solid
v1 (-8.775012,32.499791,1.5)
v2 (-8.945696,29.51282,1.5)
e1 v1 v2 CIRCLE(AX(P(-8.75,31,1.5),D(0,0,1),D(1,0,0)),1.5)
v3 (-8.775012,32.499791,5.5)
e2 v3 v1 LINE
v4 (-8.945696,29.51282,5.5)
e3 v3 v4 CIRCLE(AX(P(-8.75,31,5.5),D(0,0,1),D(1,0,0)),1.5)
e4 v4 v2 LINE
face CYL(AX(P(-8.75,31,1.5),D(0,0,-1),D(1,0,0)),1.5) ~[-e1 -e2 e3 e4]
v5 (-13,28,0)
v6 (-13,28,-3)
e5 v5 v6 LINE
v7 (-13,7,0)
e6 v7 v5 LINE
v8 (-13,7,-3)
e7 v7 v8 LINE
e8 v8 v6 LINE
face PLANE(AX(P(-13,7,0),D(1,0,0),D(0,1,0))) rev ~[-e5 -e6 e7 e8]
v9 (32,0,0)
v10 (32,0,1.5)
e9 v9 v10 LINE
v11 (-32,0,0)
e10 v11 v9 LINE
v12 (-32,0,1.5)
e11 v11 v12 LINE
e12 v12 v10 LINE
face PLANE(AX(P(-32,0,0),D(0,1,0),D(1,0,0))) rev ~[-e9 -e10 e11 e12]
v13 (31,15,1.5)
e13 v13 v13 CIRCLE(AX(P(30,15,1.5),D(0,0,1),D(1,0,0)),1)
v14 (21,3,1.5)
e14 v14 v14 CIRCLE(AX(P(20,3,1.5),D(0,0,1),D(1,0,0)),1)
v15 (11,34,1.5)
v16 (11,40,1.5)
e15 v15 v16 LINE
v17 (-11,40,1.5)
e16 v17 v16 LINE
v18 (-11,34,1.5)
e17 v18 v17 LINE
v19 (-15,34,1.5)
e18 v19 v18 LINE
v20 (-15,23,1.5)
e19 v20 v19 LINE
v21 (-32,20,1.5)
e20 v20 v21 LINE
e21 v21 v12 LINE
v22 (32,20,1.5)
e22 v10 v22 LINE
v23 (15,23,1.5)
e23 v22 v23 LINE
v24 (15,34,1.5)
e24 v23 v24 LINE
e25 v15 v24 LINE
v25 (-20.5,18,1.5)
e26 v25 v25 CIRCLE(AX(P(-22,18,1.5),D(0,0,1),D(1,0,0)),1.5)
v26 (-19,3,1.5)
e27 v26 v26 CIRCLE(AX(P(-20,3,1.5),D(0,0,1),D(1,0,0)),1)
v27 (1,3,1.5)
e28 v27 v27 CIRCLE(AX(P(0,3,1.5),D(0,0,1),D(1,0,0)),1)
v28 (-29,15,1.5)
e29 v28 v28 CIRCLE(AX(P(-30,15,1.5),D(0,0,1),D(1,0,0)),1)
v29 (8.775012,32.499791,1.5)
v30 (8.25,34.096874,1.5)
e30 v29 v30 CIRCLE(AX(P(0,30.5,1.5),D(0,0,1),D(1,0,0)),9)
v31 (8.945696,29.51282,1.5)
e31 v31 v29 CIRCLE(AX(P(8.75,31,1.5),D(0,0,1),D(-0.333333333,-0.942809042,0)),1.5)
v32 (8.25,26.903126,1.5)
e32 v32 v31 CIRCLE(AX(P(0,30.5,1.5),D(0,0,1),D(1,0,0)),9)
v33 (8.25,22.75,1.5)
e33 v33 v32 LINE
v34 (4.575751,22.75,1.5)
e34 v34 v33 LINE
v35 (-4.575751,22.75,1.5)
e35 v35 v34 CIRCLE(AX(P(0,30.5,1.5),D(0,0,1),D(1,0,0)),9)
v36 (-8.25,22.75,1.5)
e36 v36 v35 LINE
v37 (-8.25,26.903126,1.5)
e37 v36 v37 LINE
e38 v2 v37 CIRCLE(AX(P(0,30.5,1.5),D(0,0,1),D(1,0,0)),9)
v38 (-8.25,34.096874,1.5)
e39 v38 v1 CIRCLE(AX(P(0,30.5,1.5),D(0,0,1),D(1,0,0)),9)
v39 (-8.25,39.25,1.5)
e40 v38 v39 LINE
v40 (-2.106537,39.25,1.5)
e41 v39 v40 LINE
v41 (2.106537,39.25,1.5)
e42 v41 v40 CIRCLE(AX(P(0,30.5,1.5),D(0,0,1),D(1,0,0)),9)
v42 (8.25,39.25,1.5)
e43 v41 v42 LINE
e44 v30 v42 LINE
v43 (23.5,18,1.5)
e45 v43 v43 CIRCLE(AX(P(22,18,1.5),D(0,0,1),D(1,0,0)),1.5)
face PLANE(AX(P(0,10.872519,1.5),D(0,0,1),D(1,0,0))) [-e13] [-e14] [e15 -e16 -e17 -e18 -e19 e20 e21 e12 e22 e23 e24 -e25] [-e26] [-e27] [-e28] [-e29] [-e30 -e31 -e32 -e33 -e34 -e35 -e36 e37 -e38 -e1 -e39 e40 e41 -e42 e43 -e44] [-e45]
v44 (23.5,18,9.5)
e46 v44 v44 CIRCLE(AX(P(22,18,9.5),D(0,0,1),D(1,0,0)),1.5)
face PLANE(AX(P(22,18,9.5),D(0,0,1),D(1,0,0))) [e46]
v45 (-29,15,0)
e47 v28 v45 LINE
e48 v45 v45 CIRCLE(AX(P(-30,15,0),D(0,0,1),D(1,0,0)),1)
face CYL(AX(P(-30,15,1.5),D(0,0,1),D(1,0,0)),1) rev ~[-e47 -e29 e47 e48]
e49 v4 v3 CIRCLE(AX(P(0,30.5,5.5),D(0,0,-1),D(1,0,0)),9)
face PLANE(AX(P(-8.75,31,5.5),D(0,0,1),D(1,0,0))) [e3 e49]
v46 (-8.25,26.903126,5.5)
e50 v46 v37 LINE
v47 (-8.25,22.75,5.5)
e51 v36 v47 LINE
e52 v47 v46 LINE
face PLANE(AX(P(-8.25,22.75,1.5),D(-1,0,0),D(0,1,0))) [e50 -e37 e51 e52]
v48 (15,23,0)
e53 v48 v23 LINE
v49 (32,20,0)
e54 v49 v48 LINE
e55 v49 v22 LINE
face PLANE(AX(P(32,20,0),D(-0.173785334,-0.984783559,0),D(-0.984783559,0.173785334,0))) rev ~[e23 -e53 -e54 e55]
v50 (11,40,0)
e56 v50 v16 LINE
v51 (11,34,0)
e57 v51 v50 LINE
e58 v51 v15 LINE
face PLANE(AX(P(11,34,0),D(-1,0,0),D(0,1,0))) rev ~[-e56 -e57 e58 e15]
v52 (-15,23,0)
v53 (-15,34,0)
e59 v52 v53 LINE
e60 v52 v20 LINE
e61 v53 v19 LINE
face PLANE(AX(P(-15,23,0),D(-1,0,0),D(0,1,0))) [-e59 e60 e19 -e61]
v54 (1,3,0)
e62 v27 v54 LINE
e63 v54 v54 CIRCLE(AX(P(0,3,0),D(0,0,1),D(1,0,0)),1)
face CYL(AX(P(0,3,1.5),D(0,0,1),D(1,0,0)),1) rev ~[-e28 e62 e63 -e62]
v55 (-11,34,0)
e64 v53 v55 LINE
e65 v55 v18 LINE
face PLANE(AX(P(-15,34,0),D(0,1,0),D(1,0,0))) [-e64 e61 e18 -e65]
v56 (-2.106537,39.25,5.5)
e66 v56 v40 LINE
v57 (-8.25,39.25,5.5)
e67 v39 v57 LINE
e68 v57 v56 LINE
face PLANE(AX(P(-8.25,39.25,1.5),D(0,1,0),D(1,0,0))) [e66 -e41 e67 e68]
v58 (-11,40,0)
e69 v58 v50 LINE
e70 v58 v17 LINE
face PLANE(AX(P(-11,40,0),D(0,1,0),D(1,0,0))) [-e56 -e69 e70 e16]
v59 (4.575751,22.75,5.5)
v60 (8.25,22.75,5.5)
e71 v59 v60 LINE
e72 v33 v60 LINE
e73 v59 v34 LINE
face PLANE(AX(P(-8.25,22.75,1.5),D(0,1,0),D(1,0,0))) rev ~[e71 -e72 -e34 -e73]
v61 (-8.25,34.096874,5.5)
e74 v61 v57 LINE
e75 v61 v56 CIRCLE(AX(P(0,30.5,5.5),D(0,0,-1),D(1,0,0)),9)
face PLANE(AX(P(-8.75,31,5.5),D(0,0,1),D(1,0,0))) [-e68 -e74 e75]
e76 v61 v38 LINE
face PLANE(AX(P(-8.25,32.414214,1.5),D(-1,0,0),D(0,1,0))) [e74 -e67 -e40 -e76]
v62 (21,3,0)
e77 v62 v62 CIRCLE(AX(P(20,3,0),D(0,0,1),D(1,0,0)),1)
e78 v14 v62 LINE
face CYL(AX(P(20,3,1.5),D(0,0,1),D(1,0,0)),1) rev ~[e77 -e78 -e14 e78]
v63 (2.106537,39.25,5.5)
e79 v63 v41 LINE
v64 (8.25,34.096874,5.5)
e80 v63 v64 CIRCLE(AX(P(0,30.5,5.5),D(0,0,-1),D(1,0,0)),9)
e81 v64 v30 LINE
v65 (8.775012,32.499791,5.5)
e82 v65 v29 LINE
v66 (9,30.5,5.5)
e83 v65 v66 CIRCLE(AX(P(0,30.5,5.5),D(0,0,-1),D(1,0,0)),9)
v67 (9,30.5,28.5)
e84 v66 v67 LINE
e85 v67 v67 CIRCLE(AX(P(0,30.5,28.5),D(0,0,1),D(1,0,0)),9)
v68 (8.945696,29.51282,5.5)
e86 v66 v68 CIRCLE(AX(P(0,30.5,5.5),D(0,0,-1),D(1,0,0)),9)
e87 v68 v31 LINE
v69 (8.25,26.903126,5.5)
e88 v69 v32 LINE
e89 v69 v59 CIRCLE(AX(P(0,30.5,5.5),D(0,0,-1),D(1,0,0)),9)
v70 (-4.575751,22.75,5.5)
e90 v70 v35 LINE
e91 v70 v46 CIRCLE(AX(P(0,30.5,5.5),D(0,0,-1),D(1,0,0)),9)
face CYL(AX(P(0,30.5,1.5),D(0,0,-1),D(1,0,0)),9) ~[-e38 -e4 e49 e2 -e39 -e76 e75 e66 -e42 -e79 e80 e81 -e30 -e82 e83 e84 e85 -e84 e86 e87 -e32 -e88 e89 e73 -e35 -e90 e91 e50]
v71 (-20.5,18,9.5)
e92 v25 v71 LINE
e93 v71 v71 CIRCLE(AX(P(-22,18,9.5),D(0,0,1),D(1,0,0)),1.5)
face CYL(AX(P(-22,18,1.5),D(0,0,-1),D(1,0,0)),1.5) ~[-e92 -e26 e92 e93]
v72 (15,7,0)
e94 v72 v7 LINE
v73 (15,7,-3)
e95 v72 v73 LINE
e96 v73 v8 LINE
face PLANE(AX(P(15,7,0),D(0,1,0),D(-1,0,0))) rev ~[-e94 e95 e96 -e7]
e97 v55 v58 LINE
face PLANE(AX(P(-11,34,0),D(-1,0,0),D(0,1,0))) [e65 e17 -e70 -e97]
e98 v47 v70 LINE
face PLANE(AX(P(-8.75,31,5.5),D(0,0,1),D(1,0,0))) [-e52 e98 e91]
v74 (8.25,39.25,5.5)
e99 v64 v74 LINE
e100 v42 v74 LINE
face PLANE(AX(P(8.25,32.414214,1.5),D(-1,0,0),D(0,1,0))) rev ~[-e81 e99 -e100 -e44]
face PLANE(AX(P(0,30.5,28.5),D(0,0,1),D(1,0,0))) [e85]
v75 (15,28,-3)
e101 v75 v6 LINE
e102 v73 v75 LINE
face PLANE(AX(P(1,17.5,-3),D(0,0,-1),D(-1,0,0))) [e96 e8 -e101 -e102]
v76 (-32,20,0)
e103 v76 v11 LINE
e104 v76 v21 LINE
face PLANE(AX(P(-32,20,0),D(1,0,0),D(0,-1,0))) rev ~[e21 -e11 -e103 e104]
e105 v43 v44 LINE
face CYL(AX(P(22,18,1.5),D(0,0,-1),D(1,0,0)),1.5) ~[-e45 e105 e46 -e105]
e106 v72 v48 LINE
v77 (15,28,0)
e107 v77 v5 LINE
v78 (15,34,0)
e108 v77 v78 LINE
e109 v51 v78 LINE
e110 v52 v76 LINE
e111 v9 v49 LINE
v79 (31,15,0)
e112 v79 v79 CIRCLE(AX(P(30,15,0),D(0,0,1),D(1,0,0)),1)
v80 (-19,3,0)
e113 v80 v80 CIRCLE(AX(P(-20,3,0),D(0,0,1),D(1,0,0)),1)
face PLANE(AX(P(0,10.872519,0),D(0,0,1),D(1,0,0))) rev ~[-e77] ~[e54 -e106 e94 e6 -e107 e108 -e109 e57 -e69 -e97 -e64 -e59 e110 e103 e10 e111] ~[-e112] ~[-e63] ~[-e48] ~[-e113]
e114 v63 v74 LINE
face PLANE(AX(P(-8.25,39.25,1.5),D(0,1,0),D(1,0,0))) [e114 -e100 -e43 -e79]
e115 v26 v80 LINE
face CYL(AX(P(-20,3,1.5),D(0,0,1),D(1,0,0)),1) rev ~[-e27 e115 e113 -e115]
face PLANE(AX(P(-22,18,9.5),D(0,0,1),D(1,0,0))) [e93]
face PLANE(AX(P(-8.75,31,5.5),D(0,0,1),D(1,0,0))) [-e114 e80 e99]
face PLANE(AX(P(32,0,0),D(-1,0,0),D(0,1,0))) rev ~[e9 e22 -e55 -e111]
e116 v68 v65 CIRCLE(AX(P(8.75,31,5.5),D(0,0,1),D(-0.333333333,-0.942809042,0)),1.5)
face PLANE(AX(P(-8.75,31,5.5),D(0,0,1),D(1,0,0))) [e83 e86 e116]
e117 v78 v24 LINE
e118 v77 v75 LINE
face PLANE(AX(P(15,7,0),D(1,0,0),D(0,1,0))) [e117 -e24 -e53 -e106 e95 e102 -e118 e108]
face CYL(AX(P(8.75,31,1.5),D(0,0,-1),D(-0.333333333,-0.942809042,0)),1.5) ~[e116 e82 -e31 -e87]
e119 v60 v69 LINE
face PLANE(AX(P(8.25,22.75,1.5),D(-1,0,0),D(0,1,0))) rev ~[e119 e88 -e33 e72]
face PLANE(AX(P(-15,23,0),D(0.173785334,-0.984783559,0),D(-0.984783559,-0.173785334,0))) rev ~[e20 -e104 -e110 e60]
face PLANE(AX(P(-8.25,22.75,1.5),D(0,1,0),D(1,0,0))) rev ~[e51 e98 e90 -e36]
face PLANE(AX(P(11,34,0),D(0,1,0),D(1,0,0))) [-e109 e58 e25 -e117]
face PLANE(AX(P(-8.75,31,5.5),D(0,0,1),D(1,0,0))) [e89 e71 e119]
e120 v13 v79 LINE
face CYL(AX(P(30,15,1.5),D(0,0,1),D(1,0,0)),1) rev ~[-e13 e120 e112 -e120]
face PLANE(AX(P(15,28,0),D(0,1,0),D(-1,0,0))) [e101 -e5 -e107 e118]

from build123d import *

# Parameters (mm, degrees)
SKETCH1_W           = 30
SKETCH1_H           = 11
SKETCH1_W_2         = 22
SKETCH1_H_2         = 6
BOSS_EXTRUDE1_DEPTH = 1.5
SKETCH2_R           = 1
CUT_EXTRUDE1_DEPTH  = 5
SKETCH3_R           = 9
BOSS_EXTRUDE2_DEPTH = 27
SKETCH5_W           = 28
SKETCH5_H           = 21
BOSS_EXTRUDE3_DEPTH = 3
SKETCH6_R           = 1.5
BOSS_EXTRUDE4_DEPTH = 8
SKETCH7_R           = 1.5
SKETCH7_W           = 16.5
SKETCH7_H           = 16.5
BOSS_EXTRUDE5_DEPTH = 4


with BuildPart() as part:
    # Sketch1 → Boss-Extrude1 (new body)
    with BuildSketch(Plane.XY):
        Polygon((32, 0), (32, 20), (15, 23), (-15, 23), (-32, 20), (-32, 0), align=None)
        with Locations((0, 28.5)):
            Rectangle(SKETCH1_W, SKETCH1_H)
        with Locations((0, 37)):
            Rectangle(SKETCH1_W_2, SKETCH1_H_2)
    extrude(amount=BOSS_EXTRUDE1_DEPTH)

    # Sketch2 → Cut-Extrude1 (cut)
    with BuildSketch(Plane.XY.offset(1.5)):
        with Locations((20, 3)):
            Circle(SKETCH2_R)
        with Locations((0, 3)):
            Circle(SKETCH2_R)
        with Locations((-20, 3)):
            Circle(SKETCH2_R)
        with Locations((-30, 15)):
            Circle(SKETCH2_R)
        with Locations((30, 15)):
            Circle(SKETCH2_R)
    extrude(amount=-CUT_EXTRUDE1_DEPTH, mode=Mode.SUBTRACT)

    # Sketch3 → Boss-Extrude2 (add)
    with BuildSketch(Plane.XY.offset(1.5)):
        with Locations((0, 30.5)):
            Circle(SKETCH3_R)
    extrude(amount=BOSS_EXTRUDE2_DEPTH)

    # Sketch5 → Boss-Extrude3 (add)
    with BuildSketch(Plane(origin=(0, 0, 0), x_dir=(-1, 0, 0), z_dir=(0, 0, -1))):
        with Locations((-1, 17.5)):
            Rectangle(SKETCH5_W, SKETCH5_H)
    extrude(amount=BOSS_EXTRUDE3_DEPTH)

    # Sketch6 → Boss-Extrude4 (add)
    with BuildSketch(Plane.XY.offset(1.5)):
        with Locations((22, 18)):
            Circle(SKETCH6_R)
        with Locations((-22, 18)):
            Circle(SKETCH6_R)
    extrude(amount=BOSS_EXTRUDE4_DEPTH)

    # Sketch7 → Boss-Extrude5 (add)
    with BuildSketch(Plane.XY.offset(1.5)):
        with Locations((-8.75, 31)):
            Circle(SKETCH7_R)
        with Locations((8.75, 31)):
            Circle(SKETCH7_R)
        with Locations((0, 31)):
            Rectangle(SKETCH7_W, SKETCH7_H)
    extrude(amount=BOSS_EXTRUDE5_DEPTH)


solid = part.part
